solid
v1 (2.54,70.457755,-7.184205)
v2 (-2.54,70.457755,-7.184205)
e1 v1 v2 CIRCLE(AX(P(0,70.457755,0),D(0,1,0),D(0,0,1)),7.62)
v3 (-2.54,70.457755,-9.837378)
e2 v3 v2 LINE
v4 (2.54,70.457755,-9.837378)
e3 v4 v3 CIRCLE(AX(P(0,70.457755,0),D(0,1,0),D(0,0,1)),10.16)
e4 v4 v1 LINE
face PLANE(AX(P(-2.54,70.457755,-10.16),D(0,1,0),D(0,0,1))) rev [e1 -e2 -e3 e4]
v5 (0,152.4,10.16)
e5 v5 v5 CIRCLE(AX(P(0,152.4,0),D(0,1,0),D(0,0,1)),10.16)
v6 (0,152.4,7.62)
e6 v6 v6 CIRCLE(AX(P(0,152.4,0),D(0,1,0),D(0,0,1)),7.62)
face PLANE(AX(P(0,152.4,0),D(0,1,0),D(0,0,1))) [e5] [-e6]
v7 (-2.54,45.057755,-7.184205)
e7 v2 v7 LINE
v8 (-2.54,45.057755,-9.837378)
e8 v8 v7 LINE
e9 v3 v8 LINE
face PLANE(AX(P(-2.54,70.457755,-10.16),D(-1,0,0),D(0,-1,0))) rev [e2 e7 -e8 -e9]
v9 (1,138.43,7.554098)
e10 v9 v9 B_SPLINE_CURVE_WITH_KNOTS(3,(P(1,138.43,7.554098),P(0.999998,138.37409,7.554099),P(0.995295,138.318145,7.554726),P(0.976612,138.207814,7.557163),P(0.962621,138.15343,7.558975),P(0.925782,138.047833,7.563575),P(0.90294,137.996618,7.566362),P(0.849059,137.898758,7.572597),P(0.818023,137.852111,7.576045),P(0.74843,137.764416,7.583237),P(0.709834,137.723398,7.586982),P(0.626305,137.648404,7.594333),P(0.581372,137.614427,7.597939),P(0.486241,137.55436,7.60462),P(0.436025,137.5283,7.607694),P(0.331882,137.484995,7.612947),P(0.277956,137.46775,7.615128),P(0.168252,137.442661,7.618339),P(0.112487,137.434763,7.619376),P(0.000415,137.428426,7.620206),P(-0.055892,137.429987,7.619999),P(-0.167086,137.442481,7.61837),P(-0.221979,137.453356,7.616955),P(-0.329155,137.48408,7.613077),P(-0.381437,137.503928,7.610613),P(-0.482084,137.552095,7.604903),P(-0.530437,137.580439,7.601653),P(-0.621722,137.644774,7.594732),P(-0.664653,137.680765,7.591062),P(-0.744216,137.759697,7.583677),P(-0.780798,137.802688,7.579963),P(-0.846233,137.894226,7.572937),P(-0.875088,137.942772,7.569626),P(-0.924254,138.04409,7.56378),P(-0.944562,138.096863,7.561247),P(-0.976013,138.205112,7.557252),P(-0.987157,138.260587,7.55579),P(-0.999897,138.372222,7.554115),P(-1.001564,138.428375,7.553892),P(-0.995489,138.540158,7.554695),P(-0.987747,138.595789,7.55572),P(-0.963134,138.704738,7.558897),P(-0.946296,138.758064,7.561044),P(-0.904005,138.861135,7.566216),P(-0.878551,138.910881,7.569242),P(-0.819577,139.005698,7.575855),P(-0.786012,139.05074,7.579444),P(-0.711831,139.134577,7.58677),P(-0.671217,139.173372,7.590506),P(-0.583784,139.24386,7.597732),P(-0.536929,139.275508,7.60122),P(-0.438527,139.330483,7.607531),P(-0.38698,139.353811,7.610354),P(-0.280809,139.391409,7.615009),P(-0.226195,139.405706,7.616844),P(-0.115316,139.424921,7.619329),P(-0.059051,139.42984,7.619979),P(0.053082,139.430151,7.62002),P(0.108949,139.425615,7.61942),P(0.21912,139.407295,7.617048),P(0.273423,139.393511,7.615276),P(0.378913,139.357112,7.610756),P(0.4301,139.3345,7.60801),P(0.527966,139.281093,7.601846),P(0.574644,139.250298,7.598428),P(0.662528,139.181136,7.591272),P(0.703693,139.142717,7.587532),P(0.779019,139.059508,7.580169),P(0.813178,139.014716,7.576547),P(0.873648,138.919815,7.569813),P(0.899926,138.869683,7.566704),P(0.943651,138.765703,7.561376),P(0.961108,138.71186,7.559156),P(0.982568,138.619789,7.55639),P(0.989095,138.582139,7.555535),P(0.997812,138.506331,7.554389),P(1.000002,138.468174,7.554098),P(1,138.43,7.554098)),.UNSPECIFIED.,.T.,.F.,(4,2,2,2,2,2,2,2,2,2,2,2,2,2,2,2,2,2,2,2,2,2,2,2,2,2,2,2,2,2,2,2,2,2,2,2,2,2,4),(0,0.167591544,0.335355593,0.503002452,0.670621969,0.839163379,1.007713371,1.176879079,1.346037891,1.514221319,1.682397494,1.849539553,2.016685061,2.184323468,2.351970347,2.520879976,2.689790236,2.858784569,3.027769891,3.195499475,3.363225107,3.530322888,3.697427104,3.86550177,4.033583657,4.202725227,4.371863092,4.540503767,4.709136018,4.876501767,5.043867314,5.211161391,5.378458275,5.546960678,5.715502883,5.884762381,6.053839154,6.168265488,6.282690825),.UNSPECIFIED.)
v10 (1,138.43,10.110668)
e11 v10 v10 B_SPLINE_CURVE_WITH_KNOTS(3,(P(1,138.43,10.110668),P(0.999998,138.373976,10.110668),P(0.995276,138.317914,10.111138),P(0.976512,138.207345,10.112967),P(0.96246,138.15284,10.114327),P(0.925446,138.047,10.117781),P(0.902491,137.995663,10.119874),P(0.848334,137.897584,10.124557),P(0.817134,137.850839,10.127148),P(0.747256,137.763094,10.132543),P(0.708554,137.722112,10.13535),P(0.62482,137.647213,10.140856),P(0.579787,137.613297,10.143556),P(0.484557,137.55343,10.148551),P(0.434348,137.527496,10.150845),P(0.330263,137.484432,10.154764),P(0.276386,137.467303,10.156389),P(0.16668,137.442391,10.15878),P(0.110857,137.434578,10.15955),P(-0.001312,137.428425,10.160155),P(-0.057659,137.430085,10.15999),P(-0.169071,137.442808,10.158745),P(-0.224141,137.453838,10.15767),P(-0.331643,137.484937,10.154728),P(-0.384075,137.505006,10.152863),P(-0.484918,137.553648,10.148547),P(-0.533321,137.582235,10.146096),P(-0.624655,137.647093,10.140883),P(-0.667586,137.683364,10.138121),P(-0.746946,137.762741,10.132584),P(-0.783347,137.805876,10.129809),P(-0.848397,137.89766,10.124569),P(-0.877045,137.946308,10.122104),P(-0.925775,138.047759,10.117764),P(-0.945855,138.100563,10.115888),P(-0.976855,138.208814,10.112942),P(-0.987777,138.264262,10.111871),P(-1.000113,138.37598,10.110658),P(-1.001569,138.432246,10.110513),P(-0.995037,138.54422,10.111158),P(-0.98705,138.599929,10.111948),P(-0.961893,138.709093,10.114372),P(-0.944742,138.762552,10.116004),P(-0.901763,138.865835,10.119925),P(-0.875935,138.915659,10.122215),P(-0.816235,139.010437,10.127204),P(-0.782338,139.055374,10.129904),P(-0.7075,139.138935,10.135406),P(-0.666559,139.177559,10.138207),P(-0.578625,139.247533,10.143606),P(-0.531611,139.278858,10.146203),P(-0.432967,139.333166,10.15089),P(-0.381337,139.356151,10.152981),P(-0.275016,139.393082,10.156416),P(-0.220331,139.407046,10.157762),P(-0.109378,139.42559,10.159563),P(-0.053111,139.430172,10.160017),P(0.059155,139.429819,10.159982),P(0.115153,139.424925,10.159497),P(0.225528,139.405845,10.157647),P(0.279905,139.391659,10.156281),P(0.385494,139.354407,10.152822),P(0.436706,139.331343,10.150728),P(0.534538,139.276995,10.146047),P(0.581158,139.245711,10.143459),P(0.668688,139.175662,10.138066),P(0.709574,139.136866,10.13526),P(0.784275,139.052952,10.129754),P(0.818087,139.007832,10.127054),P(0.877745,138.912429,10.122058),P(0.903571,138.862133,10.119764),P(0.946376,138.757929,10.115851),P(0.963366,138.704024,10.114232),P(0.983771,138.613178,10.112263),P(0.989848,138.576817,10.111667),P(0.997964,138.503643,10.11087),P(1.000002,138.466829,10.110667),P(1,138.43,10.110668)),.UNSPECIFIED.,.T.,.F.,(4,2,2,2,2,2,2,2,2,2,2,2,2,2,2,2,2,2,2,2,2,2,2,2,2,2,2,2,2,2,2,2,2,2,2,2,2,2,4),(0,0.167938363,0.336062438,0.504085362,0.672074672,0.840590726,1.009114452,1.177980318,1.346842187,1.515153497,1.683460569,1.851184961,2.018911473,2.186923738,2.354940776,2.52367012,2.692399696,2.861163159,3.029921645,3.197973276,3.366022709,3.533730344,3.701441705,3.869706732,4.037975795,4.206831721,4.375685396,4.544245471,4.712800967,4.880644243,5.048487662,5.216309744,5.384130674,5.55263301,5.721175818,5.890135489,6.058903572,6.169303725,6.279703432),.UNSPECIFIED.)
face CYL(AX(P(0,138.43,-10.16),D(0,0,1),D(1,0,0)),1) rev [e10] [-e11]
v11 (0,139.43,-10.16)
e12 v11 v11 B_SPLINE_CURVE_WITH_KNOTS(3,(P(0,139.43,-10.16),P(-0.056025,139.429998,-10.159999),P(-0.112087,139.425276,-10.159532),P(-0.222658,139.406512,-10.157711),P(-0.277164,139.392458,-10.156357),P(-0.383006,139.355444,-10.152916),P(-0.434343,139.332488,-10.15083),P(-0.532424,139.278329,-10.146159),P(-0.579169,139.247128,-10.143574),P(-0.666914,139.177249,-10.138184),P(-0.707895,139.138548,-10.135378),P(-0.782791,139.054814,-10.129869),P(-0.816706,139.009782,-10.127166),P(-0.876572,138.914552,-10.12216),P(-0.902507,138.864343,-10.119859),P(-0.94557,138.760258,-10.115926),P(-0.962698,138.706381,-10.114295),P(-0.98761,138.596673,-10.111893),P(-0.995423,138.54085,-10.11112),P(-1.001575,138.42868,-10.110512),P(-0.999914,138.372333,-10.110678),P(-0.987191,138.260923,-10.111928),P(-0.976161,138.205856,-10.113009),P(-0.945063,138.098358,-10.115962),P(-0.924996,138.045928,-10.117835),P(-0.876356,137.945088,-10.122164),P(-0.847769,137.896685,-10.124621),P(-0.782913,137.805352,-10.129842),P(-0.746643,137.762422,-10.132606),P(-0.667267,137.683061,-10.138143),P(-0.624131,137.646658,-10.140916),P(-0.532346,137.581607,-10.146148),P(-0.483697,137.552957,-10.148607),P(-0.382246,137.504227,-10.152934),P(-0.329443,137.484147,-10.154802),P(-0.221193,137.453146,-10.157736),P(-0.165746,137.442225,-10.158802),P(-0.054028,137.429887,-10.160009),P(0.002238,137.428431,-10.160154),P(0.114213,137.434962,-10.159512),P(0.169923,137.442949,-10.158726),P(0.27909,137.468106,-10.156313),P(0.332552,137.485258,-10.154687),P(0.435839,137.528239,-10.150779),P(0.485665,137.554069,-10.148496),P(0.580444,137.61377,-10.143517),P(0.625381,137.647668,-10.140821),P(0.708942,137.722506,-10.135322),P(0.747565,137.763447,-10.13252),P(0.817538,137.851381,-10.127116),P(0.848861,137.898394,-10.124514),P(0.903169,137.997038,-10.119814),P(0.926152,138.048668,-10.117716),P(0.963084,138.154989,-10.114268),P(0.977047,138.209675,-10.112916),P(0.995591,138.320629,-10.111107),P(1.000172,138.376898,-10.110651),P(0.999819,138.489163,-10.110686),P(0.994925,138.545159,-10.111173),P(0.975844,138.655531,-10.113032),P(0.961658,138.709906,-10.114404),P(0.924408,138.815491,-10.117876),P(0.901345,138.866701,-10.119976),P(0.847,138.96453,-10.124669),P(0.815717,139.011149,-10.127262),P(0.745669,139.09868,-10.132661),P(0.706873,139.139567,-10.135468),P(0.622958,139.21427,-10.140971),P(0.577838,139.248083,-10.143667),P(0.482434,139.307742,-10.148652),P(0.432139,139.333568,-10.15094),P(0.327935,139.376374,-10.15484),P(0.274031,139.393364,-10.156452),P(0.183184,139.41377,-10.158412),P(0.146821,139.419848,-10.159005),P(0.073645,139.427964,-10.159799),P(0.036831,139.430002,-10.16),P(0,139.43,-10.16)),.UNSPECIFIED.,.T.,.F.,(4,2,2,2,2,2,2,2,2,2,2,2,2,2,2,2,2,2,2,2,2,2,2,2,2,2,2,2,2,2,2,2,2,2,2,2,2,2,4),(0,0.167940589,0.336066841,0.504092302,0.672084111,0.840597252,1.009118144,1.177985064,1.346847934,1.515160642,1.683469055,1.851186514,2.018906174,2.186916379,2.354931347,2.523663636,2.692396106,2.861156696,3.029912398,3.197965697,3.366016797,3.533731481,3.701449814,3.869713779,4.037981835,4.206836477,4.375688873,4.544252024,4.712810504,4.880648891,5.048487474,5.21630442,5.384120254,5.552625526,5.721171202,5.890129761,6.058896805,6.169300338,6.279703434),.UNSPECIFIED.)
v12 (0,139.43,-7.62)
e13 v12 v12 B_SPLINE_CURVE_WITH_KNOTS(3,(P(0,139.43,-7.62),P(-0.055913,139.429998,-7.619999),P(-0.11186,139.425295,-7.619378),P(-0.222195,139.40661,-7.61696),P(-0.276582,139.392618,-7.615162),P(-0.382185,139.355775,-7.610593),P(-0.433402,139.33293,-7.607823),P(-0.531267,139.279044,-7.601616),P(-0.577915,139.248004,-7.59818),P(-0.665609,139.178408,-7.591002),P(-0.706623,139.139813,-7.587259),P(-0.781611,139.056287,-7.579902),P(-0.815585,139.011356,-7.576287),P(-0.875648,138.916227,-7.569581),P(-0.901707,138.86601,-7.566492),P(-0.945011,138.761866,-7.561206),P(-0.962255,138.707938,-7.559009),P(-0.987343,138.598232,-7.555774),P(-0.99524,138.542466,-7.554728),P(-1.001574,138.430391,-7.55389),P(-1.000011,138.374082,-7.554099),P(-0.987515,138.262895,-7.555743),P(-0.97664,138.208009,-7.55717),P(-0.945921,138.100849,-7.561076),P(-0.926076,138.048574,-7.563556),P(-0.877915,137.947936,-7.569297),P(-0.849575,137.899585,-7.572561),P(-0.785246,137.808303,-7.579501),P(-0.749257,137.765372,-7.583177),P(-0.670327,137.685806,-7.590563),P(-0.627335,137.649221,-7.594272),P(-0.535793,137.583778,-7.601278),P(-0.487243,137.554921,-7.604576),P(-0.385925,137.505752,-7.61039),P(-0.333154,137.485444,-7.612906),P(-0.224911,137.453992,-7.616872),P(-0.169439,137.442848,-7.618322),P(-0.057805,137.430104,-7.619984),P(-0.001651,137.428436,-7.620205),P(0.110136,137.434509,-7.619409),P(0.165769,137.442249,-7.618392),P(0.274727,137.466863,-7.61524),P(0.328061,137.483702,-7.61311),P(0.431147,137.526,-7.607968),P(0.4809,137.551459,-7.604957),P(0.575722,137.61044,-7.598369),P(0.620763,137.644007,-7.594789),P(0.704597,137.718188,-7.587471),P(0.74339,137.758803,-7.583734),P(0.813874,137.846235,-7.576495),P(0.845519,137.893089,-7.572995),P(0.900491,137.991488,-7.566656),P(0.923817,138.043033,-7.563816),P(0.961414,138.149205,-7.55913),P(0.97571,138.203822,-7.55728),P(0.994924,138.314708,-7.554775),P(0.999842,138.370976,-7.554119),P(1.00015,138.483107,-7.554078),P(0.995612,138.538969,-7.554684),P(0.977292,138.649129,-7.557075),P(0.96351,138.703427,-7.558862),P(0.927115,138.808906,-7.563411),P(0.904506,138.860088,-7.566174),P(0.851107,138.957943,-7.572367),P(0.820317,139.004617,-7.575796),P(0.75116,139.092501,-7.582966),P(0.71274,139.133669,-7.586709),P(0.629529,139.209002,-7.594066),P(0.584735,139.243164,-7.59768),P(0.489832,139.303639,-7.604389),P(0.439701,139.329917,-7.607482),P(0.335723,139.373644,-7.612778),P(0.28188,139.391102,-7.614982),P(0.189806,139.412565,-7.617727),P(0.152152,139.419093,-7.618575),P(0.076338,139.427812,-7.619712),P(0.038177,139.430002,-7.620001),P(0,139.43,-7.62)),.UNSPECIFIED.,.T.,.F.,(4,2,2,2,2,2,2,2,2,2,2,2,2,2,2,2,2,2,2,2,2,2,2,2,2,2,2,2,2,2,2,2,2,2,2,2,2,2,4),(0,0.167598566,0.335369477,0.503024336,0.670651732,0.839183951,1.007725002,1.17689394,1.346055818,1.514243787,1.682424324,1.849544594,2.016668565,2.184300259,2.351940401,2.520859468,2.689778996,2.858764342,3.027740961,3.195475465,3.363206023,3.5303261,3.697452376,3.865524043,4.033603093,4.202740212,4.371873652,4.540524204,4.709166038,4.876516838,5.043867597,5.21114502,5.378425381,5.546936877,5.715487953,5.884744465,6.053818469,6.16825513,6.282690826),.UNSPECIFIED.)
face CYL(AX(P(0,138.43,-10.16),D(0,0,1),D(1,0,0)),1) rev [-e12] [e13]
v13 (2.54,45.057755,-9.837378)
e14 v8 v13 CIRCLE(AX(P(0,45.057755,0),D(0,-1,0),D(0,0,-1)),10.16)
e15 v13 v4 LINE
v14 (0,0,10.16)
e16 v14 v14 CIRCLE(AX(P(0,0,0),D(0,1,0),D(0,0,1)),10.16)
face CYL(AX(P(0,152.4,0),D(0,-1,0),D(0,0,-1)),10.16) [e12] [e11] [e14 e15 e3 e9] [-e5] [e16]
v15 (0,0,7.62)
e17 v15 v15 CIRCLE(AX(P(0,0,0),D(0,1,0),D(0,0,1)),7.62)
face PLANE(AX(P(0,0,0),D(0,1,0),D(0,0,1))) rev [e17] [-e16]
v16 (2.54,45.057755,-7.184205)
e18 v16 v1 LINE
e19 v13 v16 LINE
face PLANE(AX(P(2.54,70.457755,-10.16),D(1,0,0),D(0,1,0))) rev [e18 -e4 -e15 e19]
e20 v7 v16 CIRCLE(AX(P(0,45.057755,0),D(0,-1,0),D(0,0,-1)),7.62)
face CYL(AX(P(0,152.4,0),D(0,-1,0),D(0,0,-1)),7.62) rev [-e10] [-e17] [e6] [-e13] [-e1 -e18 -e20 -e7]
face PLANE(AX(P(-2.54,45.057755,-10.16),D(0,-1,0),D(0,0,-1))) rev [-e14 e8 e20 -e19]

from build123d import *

# Parameters (mm, degrees)
SKETCH2_R               = 10.16
SKETCH2_R_2             = 7.62
BOSS_EXTRUDE1_DEPTH     = 152.4
CUT_EXTRUDE1_DEPTH      = 154.075834801
CUT_EXTRUDE1_DEPTH_BACK = 154.075834801
SKETCH3_R               = 1
SKETCH4_W               = 5.08
SKETCH4_H               = 25.4
CUT_EXTRUDE2_DEPTH      = 154.075834914


with BuildPart() as part:
    # Sketch2 → Boss-Extrude1 (new body)
    with BuildSketch(Plane(origin=(0, 0, 0), x_dir=(1, 0, 0), z_dir=(0, 1, 0))):
        with Locations(Location((0, 0, 0), (0, 0, 90))):
            Circle(SKETCH2_R)
        with Locations(Location((0, 0, 0), (0, 0, 90))):
            Circle(SKETCH2_R_2, mode=Mode.SUBTRACT)
    extrude(amount=BOSS_EXTRUDE1_DEPTH)

    # Sketch3 → Cut-Extrude1 (cut, two sides: drawn at the far end of the back side and taken through both)
    with BuildSketch(Plane.XY.offset(-CUT_EXTRUDE1_DEPTH_BACK)):
        with Locations((0, 138.43)):
            Circle(SKETCH3_R)
    extrude(amount=CUT_EXTRUDE1_DEPTH + CUT_EXTRUDE1_DEPTH_BACK, mode=Mode.SUBTRACT)

    # Sketch4 → Cut-Extrude2 (cut, through all)
    with BuildSketch(Plane.XY):
        with Locations((0, 57.757755026)):
            Rectangle(SKETCH4_W, SKETCH4_H)
    extrude(amount=-CUT_EXTRUDE2_DEPTH, mode=Mode.SUBTRACT)


solid = part.part
